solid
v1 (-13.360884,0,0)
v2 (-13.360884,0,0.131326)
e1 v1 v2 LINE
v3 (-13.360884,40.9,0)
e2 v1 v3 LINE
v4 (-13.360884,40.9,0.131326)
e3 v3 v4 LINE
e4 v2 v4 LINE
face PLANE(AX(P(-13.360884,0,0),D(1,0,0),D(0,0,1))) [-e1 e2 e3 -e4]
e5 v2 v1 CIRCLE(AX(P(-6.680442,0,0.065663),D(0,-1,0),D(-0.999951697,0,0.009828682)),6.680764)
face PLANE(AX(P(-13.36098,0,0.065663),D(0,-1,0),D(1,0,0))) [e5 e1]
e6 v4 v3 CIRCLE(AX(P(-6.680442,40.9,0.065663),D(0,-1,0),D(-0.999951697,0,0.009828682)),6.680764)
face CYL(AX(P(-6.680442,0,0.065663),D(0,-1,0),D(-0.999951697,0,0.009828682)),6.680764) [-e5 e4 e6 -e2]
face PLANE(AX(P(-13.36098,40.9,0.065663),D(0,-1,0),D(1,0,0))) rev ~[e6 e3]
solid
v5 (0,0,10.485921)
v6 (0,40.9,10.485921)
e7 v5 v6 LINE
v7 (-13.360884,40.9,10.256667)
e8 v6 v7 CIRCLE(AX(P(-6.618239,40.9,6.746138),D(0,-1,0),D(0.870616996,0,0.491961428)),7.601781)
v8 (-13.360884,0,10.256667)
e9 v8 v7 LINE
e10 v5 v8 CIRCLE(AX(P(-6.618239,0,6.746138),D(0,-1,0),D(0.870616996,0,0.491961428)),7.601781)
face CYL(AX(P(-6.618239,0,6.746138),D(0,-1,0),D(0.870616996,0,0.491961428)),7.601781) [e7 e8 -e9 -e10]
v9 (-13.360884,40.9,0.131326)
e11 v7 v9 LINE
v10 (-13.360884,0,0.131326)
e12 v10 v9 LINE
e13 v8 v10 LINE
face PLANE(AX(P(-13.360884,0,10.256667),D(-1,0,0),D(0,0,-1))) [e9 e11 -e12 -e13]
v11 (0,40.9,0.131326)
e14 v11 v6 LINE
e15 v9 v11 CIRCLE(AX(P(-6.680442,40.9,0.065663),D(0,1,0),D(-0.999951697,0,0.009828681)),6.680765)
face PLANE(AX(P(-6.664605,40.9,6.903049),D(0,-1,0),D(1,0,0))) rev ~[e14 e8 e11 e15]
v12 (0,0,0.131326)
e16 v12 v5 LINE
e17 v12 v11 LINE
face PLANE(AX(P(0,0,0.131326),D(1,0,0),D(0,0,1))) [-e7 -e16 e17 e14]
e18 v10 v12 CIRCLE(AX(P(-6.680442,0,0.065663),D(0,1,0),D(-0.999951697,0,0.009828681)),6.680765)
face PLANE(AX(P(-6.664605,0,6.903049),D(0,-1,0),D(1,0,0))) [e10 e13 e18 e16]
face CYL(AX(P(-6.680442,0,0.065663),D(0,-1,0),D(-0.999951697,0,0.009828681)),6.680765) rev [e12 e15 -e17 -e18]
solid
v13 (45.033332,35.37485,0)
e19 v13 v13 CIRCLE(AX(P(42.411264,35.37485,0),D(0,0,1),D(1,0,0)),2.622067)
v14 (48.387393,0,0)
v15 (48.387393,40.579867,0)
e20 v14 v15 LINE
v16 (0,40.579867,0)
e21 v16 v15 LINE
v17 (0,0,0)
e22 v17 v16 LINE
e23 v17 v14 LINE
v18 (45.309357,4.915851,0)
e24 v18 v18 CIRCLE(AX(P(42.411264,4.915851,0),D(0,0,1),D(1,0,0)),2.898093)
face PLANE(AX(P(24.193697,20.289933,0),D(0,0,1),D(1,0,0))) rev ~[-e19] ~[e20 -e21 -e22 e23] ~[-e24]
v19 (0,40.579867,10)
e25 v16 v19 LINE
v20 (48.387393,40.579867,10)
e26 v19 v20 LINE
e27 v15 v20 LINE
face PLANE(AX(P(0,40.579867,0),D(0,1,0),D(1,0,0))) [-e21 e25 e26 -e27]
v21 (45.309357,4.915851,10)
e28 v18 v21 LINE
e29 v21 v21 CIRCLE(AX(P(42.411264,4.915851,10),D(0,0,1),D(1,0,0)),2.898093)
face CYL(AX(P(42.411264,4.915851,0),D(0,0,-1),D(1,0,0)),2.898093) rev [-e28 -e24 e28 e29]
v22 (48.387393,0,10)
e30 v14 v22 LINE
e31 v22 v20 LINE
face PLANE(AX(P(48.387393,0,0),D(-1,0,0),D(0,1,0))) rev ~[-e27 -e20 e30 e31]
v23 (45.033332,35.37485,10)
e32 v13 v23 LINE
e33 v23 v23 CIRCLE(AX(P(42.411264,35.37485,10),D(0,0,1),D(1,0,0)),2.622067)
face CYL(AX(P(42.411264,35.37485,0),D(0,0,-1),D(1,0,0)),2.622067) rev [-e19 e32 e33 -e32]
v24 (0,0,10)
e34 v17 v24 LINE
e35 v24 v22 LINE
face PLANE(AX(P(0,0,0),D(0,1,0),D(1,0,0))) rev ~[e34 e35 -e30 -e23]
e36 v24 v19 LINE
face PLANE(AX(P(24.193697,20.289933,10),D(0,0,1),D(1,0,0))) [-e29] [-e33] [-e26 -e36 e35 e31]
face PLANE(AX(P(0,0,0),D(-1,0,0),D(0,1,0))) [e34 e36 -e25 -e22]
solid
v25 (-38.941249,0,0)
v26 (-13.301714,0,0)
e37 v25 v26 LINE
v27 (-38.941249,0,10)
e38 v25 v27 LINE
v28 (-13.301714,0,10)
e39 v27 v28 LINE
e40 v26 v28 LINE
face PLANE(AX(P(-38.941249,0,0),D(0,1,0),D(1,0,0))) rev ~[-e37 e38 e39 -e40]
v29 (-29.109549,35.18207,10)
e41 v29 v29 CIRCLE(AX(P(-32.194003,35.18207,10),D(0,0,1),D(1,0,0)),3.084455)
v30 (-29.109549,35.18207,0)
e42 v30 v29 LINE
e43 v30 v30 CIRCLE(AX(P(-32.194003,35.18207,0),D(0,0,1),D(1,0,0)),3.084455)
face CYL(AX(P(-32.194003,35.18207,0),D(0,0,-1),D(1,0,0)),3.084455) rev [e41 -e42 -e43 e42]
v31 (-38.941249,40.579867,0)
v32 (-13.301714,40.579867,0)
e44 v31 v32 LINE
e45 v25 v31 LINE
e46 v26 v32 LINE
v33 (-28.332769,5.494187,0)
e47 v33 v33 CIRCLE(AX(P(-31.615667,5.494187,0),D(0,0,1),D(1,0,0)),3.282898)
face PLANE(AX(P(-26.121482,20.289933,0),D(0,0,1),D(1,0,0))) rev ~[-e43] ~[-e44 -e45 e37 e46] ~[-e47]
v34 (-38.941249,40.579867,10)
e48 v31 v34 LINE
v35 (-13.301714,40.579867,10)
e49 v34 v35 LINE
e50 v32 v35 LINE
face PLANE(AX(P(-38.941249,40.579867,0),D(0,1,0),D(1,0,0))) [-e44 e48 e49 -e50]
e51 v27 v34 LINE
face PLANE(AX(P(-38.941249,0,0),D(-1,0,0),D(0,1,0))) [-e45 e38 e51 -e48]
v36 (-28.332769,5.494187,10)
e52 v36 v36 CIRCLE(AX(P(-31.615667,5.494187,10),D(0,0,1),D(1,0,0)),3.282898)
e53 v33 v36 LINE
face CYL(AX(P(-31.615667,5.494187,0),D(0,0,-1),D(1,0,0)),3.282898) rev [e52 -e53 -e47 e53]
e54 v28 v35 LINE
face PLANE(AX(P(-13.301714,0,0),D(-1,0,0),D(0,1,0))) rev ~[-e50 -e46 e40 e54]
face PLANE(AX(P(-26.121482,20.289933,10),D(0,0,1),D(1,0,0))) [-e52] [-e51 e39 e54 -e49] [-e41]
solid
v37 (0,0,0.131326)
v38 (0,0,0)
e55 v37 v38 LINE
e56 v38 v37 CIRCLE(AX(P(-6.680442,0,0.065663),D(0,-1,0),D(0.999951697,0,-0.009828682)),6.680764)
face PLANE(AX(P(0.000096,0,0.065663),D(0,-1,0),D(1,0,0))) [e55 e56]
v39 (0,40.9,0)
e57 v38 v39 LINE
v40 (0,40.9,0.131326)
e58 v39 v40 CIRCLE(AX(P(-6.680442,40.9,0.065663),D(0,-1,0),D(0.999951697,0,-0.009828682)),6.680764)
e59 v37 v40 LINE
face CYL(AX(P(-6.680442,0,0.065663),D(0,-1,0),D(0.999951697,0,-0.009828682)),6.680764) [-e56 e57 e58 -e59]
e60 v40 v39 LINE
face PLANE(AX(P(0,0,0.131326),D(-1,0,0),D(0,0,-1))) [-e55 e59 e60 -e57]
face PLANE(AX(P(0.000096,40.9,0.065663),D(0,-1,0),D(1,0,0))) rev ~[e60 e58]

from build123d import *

# Parameters (mm, degrees)
F0_W     = 25.6395349279
F0_H     = 40.5798666179
F0_R     = 3.2828979143
F0_R_2   = 3.0844546854
F1_DEPTH = 10
F0_W_2   = 48.3873933554
F0_R_3   = 2.8980934491
F0_R_4   = 2.6220674829
F3_DEPTH = 40.9


with BuildPart() as f1:
    # F0 (on Top) → F1 (new body)
    with BuildSketch(Plane.XY):
        with Locations((-26.1214817874, 20.289933309)):
            Rectangle(F0_W, F0_H)
        with Locations((-31.6156670451, 5.4941866547)):
            Circle(F0_R, mode=Mode.SUBTRACT)
        with Locations((-32.1940034628, 35.1820699871)):
            Circle(F0_R_2, mode=Mode.SUBTRACT)
    extrude(amount=F1_DEPTH)


with BuildPart() as f1b:
    # F0 (on Top) → F1, piece 2 (new body)
    with BuildSketch(Plane.XY):
        with Locations((24.1936966777, 20.289933309)):
            Rectangle(F0_W_2, F0_H)
        with Locations((42.4112640321, 4.9158507027)):
            Circle(F0_R_3, mode=Mode.SUBTRACT)
        with Locations((42.4112640321, 35.3748500347)):
            Circle(F0_R_4, mode=Mode.SUBTRACT)
    extrude(amount=F1_DEPTH)


with BuildPart() as f3:
    # F2 (on Front) → F3 (new body)
    with BuildSketch(Plane.XZ):
        with BuildLine():
            Line((0, 0.1313262168), (0, 10.4859210551))
            ThreePointArc((0, 10.4859210551), (-6.7486562288, 14.3467999869), (-13.3608840406, 10.2566666901))
            Line((-13.3608840406, 10.2566666901), (-13.3608840406, 0.1313262168))
            ThreePointArc((-13.3608840406, 0.1313262168), (-6.6804420203, 6.7464278274), (0, 0.1313262168))
        make_face()
    extrude(amount=-F3_DEPTH)


with BuildPart() as f3b:
    # F2 (on Front) → F3, piece 2 (new body)
    with BuildSketch(Plane.XZ):
        with BuildLine():
            ThreePointArc((0, 0), (0.0003226987, 0.0656631084), (0, 0.1313262168))
            Line((0, 0.1313262168), (0, 0))
        make_face()
    extrude(amount=-F3_DEPTH)


with BuildPart() as f3c:
    # F2 (on Front) → F3, piece 3 (new body)
    with BuildSketch(Plane.XZ):
        with BuildLine():
            Line((-13.3608840406, 0), (-13.3608840406, 0.1313262168))
            ThreePointArc((-13.3608840406, 0.1313262168), (-13.3612067393, 0.0656631084), (-13.3608840406, 0))
        make_face()
    extrude(amount=-F3_DEPTH)


solid = Compound([f1.part, f1b.part, f3.part, f3b.part, f3c.part])
